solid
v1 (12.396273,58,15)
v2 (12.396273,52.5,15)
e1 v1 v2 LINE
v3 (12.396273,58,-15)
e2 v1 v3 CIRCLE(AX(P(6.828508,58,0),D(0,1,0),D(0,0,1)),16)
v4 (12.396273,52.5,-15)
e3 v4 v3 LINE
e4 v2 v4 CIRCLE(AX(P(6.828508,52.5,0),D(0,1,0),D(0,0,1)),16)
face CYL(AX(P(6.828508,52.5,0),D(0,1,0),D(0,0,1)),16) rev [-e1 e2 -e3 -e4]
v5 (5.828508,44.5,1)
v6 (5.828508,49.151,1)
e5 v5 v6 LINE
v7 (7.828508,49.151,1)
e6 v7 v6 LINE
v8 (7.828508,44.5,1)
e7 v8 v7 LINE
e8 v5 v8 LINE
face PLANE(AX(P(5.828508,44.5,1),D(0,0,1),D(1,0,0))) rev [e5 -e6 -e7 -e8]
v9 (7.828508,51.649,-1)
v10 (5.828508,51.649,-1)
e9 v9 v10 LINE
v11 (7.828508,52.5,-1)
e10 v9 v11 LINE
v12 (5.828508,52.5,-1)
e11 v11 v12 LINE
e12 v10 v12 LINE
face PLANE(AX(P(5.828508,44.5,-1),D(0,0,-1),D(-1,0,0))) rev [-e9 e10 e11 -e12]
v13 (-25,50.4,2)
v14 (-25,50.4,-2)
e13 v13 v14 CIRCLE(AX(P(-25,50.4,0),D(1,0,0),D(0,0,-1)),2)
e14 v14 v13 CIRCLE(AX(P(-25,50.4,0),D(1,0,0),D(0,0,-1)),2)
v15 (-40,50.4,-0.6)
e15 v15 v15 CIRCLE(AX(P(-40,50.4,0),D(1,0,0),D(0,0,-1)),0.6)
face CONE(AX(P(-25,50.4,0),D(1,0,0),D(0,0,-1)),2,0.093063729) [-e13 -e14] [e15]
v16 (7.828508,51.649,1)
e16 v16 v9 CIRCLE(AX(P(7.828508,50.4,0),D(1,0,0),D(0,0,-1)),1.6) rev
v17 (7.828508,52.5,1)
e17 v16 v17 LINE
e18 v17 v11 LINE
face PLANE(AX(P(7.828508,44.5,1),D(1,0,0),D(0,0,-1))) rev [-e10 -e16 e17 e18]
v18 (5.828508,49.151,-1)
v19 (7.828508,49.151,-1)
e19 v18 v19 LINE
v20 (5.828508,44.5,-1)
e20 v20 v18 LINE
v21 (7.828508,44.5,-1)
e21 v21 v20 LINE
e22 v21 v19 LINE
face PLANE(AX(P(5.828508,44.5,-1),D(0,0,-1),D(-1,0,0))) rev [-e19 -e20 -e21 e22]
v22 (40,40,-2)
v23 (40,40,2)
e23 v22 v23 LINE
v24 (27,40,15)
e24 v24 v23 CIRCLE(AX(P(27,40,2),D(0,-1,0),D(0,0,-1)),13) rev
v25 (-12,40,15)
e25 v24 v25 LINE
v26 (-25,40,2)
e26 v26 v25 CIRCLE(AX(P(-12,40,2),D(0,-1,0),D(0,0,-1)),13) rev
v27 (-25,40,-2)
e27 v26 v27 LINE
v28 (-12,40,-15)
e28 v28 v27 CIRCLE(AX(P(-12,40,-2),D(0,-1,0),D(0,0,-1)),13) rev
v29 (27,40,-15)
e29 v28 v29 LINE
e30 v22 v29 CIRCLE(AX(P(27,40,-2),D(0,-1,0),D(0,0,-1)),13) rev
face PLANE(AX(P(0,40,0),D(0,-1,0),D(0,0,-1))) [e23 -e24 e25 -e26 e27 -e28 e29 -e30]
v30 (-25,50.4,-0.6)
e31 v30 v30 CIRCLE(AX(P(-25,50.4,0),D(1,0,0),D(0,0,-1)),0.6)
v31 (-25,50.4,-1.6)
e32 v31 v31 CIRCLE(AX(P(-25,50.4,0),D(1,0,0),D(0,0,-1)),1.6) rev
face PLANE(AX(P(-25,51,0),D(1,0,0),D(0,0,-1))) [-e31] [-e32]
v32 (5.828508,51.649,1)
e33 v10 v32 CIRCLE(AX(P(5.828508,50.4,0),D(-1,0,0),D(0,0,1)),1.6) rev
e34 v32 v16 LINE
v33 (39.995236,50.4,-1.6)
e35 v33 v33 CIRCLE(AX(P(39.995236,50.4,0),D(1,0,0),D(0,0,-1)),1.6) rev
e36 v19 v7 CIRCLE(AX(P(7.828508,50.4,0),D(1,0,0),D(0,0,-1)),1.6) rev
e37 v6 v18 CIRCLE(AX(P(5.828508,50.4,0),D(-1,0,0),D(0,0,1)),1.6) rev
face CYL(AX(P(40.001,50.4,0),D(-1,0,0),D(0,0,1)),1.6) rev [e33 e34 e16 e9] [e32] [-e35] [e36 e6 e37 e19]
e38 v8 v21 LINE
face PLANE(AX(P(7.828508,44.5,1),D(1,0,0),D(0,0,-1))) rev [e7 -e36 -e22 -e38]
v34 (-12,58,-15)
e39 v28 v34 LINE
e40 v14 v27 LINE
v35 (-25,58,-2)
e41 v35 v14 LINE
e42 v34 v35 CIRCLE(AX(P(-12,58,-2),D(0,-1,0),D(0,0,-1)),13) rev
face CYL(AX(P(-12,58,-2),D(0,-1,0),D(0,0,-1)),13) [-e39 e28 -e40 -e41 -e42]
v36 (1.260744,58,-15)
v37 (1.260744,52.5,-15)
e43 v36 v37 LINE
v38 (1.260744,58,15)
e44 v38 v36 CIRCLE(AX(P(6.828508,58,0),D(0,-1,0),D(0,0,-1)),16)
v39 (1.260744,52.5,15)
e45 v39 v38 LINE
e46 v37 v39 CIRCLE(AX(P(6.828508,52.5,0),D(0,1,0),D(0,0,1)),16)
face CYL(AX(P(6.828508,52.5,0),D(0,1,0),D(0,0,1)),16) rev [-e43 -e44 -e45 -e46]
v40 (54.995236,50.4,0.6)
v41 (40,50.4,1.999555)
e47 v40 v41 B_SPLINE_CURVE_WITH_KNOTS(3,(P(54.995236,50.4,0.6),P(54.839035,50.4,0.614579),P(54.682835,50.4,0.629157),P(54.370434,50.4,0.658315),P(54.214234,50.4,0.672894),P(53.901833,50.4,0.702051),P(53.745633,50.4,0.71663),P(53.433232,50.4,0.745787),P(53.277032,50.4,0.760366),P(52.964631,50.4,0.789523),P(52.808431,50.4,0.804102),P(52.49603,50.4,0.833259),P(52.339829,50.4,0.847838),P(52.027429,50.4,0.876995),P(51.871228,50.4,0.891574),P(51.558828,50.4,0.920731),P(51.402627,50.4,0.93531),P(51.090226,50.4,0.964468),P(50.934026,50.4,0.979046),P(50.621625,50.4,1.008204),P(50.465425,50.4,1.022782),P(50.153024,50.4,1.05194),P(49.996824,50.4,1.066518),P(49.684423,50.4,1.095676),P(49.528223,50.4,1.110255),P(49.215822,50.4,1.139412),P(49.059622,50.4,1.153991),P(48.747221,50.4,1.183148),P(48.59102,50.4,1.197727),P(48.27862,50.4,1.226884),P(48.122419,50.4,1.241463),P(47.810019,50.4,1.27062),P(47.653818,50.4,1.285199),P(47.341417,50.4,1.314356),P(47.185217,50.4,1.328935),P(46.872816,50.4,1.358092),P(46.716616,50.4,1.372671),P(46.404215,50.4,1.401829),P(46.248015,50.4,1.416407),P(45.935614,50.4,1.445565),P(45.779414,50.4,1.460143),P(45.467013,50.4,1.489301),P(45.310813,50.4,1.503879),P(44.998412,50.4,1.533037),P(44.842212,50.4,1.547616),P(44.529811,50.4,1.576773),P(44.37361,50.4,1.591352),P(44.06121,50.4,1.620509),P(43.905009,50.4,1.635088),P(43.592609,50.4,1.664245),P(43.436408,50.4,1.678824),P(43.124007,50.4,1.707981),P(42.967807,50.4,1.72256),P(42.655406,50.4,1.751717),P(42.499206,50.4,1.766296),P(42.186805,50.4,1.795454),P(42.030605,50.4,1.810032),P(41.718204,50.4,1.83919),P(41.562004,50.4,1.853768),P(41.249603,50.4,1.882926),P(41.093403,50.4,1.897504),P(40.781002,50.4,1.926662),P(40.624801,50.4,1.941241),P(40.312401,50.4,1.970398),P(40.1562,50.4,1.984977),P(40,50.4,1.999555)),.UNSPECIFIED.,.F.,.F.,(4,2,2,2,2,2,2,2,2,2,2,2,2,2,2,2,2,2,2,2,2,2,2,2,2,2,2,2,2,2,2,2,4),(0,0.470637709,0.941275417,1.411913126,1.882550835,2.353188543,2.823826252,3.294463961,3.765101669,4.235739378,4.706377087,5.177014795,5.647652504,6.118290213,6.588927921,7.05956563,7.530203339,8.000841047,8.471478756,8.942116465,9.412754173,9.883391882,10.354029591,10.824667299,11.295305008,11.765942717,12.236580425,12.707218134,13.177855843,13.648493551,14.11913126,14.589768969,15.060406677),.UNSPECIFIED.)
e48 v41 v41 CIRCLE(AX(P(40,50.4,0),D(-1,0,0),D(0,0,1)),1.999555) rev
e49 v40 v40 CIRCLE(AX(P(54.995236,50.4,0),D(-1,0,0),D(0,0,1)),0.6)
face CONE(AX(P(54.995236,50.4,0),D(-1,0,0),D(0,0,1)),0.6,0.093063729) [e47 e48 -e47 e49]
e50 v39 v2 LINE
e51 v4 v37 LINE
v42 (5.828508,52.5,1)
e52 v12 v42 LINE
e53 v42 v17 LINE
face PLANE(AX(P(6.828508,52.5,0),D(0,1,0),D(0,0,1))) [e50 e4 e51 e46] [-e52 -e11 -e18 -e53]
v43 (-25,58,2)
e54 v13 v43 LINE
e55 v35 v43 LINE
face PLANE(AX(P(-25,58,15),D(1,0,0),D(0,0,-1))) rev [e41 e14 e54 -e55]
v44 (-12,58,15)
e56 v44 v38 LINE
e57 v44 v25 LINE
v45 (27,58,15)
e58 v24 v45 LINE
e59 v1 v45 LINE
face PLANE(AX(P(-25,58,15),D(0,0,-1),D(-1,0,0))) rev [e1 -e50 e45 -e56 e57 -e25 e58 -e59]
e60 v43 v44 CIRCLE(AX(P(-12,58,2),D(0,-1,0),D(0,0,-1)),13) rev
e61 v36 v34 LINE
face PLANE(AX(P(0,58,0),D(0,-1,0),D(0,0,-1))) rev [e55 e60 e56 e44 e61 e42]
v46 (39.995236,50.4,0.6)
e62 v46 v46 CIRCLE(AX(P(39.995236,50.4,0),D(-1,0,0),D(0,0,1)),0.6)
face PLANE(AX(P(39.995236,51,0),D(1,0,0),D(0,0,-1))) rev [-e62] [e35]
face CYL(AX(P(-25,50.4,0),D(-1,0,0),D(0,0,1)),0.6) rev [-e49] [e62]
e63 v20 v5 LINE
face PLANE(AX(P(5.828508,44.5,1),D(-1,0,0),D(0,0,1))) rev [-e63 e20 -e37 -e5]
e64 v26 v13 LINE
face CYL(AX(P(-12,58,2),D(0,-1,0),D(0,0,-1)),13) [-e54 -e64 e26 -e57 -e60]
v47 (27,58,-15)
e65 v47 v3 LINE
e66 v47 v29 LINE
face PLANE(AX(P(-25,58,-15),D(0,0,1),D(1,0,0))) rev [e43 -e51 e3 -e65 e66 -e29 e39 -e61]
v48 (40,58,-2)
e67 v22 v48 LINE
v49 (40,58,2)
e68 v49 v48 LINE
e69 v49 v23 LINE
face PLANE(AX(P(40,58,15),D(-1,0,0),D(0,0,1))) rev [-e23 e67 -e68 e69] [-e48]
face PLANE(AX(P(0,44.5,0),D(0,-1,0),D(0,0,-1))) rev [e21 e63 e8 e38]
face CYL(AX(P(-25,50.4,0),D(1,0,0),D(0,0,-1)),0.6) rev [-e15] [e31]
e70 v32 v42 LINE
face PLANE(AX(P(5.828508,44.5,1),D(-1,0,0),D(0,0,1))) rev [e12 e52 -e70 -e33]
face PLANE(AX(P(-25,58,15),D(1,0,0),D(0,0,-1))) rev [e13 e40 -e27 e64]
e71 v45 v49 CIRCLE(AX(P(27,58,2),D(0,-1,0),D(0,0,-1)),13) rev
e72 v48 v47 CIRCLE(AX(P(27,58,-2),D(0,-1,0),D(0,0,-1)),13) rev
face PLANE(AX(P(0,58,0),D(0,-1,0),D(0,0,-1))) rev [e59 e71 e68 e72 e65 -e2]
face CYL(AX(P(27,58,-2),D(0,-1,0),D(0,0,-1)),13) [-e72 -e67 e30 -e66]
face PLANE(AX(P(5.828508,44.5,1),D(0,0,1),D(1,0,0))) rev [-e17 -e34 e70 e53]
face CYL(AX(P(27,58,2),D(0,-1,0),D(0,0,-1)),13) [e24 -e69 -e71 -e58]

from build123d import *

# Parameters (mm, degrees)
SKETCH1_W           = 65
SKETCH1_H           = 30
BOSS_EXTRUDE1_DEPTH = 58
FILLET1_R           = 13
SKETCH15_W          = 83.696095513
SKETCH15_H          = 31.69844841
CUT_EXTRUDE7_DEPTH  = 50
SKETCH18_R          = 16
CUT_EXTRUDE10_DEPTH = 5.5
CUT_EXTRUDE12_REACH = 90.397
SKETCH3_R           = 1.6
SKETCH21_W          = 2
SKETCH21_H          = 2
CUT_EXTRUDE13_DEPTH = 8


with BuildPart() as part:
    # Sketch1 → Boss-Extrude1 (new body)
    with BuildSketch(Plane(origin=(0, 0, 0), x_dir=(1, 0, 0), z_dir=(0, 1, 0))):
        with Locations((7.5, 0)):
            Rectangle(SKETCH1_W, SKETCH1_H)
    extrude(amount=BOSS_EXTRUDE1_DEPTH)

    # Fillet1
    fillet1_edges = [part.edges().sort_by_distance(p)[0] for p in [
        (40, 29, 15),
        (-25, 29, 15),
        (-25, 29, -15),
        (40, 29, -15),
    ]]
    fillet(fillet1_edges, radius=FILLET1_R)

    # Sketch15 → Cut-Extrude7 (cut)
    with BuildSketch(Plane(origin=(0, -10, 0), x_dir=(-1, 0, 0), z_dir=(0, -1, 0))):
        with Locations((-0.057440767, 0.030479277)):
            Rectangle(SKETCH15_W, SKETCH15_H)
    extrude(amount=-CUT_EXTRUDE7_DEPTH, mode=Mode.SUBTRACT)

    # Sketch18 → Cut-Extrude10 (cut)
    with BuildSketch(Plane(origin=(0, 58, 0), x_dir=(1, 0, 0), z_dir=(0, 1, 0))):
        with Locations((6.828508286, 0)):
            Circle(SKETCH18_R)
    extrude(amount=-CUT_EXTRUDE10_DEPTH, mode=Mode.SUBTRACT)

    # Sketch3 → Cut-Extrude12 (cut, up to next)
    with BuildSketch(Plane.ZY.offset(25), mode=Mode.PRIVATE) as cut_extrude12_sk1:
        with Locations((0, 50.4)):
            Circle(SKETCH3_R)
    cut_extrude12_tool1 = extrude(cut_extrude12_sk1.sketch, amount=-CUT_EXTRUDE12_REACH, mode=Mode.PRIVATE) & part.part
    add(cut_extrude12_tool1.solids().sort_by_distance((-25, 50.4, 0))[0], mode=Mode.SUBTRACT)

    # Sketch21 → Cut-Extrude13 (cut)
    with BuildSketch(Plane(origin=(0, 52.5, 0), x_dir=(1, 0, 0), z_dir=(0, 1, 0))):
        with Locations((6.828508286, 0)):
            Rectangle(SKETCH21_W, SKETCH21_H)
    extrude(amount=-CUT_EXTRUDE13_DEPTH, mode=Mode.SUBTRACT)

    # Sketch24 → Revolve1 (revolve)
    with BuildSketch(Plane.XY, mode=Mode.PRIVATE) as revolve1_sk:
        Polygon((-25, 51), (-25, 52.4), (-40, 51), align=None)
    revolve(revolve1_sk.sketch.rotate(Axis((-25, 50.4, 0), (-1, 0, 0)), 90), axis=Axis((-25, 50.4, 0), (-1, 0, 0)))

    # Sketch25 → Revolve2 (revolve)
    with BuildSketch(Plane.XY, mode=Mode.PRIVATE) as revolve2_sk:
        Polygon((39.995235715, 52.4), (54.995235715, 51), (39.995235715, 51), align=None)
    revolve(revolve2_sk.sketch.rotate(Axis((-25, 50.4, 0), (1, 0, 0)), 90), axis=Axis((-25, 50.4, 0), (1, 0, 0)))


solid = part.part
